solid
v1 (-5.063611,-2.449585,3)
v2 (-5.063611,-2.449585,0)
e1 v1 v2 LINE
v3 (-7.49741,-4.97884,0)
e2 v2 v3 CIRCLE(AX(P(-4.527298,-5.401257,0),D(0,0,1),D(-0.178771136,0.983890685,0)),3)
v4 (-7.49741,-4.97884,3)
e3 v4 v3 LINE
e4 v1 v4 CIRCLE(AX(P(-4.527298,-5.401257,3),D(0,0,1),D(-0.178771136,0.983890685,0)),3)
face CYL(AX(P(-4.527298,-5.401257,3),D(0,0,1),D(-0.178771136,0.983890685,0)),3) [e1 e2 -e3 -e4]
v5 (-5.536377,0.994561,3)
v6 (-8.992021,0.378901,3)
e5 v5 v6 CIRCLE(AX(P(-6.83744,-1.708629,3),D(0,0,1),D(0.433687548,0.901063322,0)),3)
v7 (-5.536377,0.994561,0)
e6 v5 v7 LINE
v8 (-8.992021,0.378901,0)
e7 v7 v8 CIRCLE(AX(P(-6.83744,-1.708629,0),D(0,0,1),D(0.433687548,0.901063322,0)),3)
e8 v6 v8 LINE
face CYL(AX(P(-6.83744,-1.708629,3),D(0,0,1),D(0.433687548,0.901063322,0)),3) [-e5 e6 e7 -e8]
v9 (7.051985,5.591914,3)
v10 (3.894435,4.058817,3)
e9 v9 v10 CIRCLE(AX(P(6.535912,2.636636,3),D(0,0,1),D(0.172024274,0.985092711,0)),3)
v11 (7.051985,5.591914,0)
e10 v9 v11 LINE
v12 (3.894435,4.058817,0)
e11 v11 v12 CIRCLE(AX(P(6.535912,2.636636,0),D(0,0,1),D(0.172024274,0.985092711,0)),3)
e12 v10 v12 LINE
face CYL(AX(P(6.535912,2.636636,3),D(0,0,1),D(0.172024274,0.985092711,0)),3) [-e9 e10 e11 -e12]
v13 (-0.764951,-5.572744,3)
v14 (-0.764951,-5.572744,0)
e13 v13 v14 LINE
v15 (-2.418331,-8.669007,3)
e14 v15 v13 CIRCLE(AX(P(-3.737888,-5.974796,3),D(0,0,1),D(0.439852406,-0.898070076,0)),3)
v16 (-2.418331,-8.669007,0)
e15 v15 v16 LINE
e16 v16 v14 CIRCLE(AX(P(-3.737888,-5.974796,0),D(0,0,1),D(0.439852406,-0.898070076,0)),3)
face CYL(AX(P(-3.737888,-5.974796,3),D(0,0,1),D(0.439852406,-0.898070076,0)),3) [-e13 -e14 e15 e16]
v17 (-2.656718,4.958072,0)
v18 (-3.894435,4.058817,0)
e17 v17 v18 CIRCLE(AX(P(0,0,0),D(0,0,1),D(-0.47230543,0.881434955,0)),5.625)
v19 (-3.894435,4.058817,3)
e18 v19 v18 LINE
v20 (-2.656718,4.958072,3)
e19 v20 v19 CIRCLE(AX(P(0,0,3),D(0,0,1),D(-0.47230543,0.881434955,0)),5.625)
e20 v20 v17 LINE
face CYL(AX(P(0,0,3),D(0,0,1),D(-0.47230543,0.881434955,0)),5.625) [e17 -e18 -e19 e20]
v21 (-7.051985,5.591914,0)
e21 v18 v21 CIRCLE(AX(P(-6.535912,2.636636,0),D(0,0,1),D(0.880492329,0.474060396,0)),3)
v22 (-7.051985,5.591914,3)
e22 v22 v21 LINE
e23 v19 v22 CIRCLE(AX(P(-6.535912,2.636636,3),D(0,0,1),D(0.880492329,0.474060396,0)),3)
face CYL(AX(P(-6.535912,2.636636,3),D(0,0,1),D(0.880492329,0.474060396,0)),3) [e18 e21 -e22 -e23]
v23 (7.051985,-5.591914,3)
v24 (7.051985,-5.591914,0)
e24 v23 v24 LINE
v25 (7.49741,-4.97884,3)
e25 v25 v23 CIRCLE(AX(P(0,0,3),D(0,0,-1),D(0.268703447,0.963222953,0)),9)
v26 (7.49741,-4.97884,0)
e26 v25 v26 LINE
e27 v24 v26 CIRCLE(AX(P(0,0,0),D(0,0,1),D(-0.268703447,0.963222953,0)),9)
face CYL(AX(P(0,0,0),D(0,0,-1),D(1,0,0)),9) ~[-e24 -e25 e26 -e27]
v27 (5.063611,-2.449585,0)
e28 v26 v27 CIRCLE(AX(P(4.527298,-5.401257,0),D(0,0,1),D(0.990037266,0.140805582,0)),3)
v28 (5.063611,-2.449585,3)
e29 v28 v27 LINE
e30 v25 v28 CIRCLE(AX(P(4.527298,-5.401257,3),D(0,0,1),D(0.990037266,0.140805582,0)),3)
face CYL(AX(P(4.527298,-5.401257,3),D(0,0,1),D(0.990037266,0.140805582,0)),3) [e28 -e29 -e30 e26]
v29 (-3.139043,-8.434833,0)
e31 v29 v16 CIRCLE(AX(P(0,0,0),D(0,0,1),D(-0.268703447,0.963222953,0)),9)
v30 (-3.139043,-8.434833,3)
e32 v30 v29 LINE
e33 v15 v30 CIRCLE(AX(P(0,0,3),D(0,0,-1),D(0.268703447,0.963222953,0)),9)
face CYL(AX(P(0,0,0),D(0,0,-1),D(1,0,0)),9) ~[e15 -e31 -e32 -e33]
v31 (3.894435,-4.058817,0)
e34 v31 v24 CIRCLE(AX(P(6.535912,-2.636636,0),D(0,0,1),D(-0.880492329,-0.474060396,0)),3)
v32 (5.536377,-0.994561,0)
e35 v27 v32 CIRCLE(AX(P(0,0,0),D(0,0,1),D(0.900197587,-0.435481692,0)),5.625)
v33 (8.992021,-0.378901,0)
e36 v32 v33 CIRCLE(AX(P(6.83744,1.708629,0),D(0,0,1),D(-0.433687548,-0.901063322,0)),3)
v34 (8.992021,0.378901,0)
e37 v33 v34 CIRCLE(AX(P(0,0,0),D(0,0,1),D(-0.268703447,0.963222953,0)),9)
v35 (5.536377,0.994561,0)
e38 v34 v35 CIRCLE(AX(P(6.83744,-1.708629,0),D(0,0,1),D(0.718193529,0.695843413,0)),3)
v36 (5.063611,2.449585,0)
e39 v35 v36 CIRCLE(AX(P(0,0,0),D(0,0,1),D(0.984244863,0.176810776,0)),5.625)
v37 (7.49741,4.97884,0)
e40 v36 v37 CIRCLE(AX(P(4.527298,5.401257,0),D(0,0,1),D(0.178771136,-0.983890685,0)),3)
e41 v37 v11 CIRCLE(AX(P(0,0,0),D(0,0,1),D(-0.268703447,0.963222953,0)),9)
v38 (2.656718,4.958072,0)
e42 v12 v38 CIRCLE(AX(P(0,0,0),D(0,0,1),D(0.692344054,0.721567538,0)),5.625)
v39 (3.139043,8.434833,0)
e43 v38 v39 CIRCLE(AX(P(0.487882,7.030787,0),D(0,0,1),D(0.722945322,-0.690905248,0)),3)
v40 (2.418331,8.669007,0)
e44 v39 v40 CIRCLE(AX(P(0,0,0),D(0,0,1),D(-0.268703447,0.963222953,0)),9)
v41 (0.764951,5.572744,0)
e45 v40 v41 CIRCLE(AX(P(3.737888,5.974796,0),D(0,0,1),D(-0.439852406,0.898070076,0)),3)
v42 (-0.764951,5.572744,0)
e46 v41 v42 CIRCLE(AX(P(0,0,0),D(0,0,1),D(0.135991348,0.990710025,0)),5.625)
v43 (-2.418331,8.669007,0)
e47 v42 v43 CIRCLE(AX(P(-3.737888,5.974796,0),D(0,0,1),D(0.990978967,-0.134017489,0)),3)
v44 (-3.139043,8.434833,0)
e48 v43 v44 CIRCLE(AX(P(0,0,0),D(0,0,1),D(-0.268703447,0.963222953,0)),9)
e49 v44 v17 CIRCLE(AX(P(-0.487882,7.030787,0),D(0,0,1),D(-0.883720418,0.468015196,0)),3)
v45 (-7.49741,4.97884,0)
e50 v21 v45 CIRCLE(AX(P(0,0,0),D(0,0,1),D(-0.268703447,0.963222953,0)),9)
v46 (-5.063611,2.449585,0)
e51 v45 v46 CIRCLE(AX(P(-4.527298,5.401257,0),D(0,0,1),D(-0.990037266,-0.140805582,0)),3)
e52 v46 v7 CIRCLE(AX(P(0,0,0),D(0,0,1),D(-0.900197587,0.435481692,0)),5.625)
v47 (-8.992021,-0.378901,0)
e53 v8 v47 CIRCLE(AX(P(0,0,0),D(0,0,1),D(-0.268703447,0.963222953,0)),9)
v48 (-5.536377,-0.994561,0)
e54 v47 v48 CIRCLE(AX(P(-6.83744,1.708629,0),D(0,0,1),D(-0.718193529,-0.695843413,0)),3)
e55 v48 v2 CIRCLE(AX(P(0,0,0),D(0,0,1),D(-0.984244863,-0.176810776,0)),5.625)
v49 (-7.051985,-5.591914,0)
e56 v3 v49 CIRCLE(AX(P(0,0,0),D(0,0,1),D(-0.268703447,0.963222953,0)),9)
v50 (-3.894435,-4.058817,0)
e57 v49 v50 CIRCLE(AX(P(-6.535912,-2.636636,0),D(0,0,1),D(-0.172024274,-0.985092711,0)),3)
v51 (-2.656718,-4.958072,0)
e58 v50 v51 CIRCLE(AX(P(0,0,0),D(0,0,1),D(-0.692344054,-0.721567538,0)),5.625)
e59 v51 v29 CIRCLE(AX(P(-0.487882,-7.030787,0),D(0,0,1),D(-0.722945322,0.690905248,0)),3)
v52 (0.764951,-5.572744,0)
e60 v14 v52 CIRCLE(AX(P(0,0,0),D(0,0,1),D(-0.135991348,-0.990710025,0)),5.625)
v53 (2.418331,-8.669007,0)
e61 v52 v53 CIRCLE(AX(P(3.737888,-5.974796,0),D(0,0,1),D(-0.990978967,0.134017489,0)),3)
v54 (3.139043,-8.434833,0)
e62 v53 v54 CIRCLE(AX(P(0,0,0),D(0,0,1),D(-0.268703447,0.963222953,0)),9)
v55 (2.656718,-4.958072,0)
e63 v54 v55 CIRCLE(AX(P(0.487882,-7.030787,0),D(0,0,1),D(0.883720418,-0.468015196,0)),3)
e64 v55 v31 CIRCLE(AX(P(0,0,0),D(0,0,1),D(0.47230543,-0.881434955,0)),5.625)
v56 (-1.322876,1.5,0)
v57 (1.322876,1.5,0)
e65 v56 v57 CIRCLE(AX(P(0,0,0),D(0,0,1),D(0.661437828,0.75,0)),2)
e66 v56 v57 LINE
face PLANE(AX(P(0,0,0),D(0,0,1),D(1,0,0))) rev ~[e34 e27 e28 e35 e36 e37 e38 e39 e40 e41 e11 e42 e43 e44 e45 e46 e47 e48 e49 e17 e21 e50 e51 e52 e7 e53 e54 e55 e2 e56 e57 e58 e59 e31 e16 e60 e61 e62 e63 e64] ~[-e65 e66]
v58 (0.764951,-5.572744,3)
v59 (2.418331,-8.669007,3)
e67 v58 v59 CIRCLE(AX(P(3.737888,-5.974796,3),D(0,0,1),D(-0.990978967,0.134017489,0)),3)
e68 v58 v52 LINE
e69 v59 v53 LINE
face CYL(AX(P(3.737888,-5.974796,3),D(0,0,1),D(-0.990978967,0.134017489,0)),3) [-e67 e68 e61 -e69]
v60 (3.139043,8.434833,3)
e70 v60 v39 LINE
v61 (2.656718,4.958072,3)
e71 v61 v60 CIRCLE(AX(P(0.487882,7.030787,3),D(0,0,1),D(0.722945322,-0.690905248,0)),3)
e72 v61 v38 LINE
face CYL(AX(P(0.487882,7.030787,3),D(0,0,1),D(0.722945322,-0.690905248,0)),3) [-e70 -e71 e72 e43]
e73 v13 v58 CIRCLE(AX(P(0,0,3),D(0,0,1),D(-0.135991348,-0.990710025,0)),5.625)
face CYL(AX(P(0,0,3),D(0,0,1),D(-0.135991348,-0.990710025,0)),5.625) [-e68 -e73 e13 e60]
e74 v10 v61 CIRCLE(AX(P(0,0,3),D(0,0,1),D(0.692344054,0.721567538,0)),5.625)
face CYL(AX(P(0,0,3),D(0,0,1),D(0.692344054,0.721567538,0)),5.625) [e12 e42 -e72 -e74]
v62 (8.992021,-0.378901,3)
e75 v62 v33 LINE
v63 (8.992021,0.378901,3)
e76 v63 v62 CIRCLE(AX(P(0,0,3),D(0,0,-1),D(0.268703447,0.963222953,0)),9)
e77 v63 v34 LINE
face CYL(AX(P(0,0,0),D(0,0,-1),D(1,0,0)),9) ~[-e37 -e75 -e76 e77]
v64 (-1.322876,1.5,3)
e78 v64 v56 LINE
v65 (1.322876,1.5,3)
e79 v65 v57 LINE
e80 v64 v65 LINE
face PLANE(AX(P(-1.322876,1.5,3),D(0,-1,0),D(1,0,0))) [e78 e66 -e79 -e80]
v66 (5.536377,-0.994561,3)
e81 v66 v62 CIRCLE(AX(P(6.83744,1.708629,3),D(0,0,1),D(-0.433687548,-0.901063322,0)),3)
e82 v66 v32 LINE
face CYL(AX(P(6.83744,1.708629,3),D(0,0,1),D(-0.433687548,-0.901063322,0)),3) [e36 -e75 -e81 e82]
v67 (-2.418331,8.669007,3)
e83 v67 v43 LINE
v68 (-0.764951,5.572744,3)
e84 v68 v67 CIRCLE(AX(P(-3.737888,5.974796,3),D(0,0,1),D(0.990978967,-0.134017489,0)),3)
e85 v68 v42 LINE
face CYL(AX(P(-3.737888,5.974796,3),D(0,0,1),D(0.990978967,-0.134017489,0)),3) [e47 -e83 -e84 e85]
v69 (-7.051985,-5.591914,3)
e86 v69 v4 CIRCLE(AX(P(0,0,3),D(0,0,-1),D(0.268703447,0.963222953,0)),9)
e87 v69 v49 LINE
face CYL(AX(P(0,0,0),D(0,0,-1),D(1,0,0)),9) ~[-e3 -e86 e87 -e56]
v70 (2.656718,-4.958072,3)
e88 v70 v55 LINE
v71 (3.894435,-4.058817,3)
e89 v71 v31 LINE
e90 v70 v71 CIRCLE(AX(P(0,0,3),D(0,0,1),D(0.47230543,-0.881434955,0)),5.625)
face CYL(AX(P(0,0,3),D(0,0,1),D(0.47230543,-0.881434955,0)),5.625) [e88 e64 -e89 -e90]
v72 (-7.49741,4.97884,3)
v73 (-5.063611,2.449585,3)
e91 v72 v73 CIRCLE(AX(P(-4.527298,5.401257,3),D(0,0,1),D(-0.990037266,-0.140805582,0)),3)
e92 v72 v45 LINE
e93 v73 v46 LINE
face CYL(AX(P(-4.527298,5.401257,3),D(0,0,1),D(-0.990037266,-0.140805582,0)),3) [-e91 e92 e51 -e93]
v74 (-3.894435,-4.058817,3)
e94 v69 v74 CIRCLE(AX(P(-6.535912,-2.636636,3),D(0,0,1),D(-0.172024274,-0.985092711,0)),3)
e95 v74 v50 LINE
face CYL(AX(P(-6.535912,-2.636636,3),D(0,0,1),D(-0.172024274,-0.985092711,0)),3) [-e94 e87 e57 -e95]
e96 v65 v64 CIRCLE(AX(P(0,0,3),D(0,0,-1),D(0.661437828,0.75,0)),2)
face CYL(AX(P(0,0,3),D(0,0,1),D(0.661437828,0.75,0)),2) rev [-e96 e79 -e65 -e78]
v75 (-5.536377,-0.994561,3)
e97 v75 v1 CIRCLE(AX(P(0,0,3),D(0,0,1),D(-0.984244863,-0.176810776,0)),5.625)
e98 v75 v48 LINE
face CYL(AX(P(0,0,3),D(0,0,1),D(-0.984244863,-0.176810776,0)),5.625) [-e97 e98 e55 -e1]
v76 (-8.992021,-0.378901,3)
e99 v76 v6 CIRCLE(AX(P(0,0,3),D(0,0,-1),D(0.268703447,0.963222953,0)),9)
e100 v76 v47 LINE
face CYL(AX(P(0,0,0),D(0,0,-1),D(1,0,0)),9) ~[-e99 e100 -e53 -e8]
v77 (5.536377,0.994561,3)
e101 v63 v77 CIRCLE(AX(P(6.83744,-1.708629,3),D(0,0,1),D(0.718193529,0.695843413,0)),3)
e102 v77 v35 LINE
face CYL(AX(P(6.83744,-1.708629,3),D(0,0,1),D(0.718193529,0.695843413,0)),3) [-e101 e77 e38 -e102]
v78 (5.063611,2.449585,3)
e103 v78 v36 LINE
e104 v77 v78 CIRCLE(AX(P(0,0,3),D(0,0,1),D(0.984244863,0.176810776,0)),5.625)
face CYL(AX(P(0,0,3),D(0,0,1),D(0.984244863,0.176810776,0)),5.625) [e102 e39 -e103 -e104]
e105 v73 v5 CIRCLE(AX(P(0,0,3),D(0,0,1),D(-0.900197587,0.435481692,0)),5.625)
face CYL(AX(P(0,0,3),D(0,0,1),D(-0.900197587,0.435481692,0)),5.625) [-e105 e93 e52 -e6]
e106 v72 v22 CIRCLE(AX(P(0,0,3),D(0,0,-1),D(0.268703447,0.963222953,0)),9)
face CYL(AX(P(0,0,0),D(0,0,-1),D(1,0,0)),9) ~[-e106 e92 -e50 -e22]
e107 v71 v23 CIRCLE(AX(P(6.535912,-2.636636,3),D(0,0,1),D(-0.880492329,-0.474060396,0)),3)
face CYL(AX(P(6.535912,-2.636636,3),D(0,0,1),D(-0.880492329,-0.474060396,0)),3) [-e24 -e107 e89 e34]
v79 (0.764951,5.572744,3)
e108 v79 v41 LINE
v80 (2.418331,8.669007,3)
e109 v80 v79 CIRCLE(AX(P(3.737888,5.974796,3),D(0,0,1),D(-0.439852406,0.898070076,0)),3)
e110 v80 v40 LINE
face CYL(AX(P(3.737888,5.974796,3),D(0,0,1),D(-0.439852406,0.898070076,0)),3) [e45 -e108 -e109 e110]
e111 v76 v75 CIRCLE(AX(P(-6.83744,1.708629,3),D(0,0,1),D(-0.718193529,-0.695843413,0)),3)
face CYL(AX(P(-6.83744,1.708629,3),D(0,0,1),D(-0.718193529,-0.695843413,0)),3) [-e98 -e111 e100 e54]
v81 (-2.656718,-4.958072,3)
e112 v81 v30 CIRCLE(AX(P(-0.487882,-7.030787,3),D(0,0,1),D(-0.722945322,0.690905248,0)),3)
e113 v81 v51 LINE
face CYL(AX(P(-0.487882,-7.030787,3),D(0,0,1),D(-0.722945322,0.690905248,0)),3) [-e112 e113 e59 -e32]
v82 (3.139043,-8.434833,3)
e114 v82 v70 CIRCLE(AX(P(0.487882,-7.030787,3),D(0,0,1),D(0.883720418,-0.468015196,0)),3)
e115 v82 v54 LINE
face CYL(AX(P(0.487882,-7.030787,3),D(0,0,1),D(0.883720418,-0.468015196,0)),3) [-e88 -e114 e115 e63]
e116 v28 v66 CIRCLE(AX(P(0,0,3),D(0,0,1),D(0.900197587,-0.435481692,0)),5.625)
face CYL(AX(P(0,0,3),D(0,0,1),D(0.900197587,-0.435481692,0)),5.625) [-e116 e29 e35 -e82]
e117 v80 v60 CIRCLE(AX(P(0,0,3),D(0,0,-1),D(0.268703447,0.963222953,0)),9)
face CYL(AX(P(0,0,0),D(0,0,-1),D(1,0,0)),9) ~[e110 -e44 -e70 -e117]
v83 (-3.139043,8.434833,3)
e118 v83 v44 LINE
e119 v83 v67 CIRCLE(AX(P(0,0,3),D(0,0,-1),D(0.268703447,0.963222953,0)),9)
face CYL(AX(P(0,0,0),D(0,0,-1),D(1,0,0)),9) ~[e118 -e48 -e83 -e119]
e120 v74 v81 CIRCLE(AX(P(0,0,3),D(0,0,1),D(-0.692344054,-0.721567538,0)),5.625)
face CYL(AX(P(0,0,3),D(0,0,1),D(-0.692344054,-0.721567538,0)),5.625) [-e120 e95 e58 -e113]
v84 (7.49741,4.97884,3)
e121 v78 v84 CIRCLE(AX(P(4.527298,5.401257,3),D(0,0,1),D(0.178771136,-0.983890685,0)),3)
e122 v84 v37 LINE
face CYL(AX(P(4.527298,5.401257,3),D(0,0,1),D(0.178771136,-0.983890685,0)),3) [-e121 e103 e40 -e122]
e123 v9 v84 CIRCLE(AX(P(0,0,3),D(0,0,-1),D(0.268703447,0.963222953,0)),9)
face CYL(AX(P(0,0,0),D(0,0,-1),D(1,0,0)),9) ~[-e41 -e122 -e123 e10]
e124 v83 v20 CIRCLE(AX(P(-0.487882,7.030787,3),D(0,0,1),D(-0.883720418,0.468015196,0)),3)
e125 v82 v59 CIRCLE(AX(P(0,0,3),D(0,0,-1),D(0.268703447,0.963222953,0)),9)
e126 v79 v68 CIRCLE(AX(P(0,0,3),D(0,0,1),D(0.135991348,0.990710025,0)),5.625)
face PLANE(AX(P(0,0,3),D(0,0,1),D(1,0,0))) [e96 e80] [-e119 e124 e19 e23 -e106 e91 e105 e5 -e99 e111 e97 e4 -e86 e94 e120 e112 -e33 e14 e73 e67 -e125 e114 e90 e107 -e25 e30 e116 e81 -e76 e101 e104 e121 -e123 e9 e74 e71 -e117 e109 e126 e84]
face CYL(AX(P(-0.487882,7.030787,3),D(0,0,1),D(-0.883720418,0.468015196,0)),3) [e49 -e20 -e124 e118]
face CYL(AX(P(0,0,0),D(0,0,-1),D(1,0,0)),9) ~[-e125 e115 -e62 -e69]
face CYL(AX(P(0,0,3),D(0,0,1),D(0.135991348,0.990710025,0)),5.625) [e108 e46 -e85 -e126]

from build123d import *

# Parameters (mm, degrees)
SKETCH1_R           = 9
BOSS_EXTRUDE1_DEPTH = 3
CUT_EXTRUDE1_DEPTH  = 14.076696831
CIRPATTERN1_COUNT   = 10
CUT_EXTRUDE3_DEPTH  = 13.851135167


with BuildPart() as part:
    # Sketch1 → Boss-Extrude1 (new body)
    with BuildSketch(Plane.XY):
        Circle(SKETCH1_R)
    extrude(amount=BOSS_EXTRUDE1_DEPTH)

    # Sketch2 → Cut-Extrude1 (cut, through all)
    with BuildSketch(Plane.XY.offset(3)):
        with BuildLine():
            ThreePointArc((-2.41833102, 8.669006579), (0, 9), (2.41833102, 8.669006579))
            ThreePointArc((2.41833102, 8.669006579), (1.091553585, 7.387918037), (0.76495134, 5.572743889))
            ThreePointArc((0.76495134, 5.572743889), (0, 5.625), (-0.76495134, 5.572743889))
            ThreePointArc((-0.76495134, 5.572743889), (-1.091553585, 7.387918037), (-2.41833102, 8.669006579))
        make_face()
    cut_extrude1 = extrude(amount=-CUT_EXTRUDE1_DEPTH, mode=Mode.SUBTRACT)

    # CirPattern1: Cut-Extrude1 ×10 about axis
    cirpattern1_axis = Axis((0, 0, 0), (0, 0, 1))
    for i in range(1, CIRPATTERN1_COUNT):
        add(cut_extrude1.rotate(cirpattern1_axis, i * 360 / CIRPATTERN1_COUNT), mode=Mode.SUBTRACT)

    # Sketch4 → Cut-Extrude3 (cut, through all)
    with BuildSketch(Plane.XY.offset(3)):
        with BuildLine():
            Line((-1.322875656, 1.5), (1.322875656, 1.5))
            ThreePointArc((1.322875656, 1.5), (0, -2), (-1.322875656, 1.5))
        make_face()
    extrude(amount=-CUT_EXTRUDE3_DEPTH, mode=Mode.SUBTRACT)


solid = part.part
